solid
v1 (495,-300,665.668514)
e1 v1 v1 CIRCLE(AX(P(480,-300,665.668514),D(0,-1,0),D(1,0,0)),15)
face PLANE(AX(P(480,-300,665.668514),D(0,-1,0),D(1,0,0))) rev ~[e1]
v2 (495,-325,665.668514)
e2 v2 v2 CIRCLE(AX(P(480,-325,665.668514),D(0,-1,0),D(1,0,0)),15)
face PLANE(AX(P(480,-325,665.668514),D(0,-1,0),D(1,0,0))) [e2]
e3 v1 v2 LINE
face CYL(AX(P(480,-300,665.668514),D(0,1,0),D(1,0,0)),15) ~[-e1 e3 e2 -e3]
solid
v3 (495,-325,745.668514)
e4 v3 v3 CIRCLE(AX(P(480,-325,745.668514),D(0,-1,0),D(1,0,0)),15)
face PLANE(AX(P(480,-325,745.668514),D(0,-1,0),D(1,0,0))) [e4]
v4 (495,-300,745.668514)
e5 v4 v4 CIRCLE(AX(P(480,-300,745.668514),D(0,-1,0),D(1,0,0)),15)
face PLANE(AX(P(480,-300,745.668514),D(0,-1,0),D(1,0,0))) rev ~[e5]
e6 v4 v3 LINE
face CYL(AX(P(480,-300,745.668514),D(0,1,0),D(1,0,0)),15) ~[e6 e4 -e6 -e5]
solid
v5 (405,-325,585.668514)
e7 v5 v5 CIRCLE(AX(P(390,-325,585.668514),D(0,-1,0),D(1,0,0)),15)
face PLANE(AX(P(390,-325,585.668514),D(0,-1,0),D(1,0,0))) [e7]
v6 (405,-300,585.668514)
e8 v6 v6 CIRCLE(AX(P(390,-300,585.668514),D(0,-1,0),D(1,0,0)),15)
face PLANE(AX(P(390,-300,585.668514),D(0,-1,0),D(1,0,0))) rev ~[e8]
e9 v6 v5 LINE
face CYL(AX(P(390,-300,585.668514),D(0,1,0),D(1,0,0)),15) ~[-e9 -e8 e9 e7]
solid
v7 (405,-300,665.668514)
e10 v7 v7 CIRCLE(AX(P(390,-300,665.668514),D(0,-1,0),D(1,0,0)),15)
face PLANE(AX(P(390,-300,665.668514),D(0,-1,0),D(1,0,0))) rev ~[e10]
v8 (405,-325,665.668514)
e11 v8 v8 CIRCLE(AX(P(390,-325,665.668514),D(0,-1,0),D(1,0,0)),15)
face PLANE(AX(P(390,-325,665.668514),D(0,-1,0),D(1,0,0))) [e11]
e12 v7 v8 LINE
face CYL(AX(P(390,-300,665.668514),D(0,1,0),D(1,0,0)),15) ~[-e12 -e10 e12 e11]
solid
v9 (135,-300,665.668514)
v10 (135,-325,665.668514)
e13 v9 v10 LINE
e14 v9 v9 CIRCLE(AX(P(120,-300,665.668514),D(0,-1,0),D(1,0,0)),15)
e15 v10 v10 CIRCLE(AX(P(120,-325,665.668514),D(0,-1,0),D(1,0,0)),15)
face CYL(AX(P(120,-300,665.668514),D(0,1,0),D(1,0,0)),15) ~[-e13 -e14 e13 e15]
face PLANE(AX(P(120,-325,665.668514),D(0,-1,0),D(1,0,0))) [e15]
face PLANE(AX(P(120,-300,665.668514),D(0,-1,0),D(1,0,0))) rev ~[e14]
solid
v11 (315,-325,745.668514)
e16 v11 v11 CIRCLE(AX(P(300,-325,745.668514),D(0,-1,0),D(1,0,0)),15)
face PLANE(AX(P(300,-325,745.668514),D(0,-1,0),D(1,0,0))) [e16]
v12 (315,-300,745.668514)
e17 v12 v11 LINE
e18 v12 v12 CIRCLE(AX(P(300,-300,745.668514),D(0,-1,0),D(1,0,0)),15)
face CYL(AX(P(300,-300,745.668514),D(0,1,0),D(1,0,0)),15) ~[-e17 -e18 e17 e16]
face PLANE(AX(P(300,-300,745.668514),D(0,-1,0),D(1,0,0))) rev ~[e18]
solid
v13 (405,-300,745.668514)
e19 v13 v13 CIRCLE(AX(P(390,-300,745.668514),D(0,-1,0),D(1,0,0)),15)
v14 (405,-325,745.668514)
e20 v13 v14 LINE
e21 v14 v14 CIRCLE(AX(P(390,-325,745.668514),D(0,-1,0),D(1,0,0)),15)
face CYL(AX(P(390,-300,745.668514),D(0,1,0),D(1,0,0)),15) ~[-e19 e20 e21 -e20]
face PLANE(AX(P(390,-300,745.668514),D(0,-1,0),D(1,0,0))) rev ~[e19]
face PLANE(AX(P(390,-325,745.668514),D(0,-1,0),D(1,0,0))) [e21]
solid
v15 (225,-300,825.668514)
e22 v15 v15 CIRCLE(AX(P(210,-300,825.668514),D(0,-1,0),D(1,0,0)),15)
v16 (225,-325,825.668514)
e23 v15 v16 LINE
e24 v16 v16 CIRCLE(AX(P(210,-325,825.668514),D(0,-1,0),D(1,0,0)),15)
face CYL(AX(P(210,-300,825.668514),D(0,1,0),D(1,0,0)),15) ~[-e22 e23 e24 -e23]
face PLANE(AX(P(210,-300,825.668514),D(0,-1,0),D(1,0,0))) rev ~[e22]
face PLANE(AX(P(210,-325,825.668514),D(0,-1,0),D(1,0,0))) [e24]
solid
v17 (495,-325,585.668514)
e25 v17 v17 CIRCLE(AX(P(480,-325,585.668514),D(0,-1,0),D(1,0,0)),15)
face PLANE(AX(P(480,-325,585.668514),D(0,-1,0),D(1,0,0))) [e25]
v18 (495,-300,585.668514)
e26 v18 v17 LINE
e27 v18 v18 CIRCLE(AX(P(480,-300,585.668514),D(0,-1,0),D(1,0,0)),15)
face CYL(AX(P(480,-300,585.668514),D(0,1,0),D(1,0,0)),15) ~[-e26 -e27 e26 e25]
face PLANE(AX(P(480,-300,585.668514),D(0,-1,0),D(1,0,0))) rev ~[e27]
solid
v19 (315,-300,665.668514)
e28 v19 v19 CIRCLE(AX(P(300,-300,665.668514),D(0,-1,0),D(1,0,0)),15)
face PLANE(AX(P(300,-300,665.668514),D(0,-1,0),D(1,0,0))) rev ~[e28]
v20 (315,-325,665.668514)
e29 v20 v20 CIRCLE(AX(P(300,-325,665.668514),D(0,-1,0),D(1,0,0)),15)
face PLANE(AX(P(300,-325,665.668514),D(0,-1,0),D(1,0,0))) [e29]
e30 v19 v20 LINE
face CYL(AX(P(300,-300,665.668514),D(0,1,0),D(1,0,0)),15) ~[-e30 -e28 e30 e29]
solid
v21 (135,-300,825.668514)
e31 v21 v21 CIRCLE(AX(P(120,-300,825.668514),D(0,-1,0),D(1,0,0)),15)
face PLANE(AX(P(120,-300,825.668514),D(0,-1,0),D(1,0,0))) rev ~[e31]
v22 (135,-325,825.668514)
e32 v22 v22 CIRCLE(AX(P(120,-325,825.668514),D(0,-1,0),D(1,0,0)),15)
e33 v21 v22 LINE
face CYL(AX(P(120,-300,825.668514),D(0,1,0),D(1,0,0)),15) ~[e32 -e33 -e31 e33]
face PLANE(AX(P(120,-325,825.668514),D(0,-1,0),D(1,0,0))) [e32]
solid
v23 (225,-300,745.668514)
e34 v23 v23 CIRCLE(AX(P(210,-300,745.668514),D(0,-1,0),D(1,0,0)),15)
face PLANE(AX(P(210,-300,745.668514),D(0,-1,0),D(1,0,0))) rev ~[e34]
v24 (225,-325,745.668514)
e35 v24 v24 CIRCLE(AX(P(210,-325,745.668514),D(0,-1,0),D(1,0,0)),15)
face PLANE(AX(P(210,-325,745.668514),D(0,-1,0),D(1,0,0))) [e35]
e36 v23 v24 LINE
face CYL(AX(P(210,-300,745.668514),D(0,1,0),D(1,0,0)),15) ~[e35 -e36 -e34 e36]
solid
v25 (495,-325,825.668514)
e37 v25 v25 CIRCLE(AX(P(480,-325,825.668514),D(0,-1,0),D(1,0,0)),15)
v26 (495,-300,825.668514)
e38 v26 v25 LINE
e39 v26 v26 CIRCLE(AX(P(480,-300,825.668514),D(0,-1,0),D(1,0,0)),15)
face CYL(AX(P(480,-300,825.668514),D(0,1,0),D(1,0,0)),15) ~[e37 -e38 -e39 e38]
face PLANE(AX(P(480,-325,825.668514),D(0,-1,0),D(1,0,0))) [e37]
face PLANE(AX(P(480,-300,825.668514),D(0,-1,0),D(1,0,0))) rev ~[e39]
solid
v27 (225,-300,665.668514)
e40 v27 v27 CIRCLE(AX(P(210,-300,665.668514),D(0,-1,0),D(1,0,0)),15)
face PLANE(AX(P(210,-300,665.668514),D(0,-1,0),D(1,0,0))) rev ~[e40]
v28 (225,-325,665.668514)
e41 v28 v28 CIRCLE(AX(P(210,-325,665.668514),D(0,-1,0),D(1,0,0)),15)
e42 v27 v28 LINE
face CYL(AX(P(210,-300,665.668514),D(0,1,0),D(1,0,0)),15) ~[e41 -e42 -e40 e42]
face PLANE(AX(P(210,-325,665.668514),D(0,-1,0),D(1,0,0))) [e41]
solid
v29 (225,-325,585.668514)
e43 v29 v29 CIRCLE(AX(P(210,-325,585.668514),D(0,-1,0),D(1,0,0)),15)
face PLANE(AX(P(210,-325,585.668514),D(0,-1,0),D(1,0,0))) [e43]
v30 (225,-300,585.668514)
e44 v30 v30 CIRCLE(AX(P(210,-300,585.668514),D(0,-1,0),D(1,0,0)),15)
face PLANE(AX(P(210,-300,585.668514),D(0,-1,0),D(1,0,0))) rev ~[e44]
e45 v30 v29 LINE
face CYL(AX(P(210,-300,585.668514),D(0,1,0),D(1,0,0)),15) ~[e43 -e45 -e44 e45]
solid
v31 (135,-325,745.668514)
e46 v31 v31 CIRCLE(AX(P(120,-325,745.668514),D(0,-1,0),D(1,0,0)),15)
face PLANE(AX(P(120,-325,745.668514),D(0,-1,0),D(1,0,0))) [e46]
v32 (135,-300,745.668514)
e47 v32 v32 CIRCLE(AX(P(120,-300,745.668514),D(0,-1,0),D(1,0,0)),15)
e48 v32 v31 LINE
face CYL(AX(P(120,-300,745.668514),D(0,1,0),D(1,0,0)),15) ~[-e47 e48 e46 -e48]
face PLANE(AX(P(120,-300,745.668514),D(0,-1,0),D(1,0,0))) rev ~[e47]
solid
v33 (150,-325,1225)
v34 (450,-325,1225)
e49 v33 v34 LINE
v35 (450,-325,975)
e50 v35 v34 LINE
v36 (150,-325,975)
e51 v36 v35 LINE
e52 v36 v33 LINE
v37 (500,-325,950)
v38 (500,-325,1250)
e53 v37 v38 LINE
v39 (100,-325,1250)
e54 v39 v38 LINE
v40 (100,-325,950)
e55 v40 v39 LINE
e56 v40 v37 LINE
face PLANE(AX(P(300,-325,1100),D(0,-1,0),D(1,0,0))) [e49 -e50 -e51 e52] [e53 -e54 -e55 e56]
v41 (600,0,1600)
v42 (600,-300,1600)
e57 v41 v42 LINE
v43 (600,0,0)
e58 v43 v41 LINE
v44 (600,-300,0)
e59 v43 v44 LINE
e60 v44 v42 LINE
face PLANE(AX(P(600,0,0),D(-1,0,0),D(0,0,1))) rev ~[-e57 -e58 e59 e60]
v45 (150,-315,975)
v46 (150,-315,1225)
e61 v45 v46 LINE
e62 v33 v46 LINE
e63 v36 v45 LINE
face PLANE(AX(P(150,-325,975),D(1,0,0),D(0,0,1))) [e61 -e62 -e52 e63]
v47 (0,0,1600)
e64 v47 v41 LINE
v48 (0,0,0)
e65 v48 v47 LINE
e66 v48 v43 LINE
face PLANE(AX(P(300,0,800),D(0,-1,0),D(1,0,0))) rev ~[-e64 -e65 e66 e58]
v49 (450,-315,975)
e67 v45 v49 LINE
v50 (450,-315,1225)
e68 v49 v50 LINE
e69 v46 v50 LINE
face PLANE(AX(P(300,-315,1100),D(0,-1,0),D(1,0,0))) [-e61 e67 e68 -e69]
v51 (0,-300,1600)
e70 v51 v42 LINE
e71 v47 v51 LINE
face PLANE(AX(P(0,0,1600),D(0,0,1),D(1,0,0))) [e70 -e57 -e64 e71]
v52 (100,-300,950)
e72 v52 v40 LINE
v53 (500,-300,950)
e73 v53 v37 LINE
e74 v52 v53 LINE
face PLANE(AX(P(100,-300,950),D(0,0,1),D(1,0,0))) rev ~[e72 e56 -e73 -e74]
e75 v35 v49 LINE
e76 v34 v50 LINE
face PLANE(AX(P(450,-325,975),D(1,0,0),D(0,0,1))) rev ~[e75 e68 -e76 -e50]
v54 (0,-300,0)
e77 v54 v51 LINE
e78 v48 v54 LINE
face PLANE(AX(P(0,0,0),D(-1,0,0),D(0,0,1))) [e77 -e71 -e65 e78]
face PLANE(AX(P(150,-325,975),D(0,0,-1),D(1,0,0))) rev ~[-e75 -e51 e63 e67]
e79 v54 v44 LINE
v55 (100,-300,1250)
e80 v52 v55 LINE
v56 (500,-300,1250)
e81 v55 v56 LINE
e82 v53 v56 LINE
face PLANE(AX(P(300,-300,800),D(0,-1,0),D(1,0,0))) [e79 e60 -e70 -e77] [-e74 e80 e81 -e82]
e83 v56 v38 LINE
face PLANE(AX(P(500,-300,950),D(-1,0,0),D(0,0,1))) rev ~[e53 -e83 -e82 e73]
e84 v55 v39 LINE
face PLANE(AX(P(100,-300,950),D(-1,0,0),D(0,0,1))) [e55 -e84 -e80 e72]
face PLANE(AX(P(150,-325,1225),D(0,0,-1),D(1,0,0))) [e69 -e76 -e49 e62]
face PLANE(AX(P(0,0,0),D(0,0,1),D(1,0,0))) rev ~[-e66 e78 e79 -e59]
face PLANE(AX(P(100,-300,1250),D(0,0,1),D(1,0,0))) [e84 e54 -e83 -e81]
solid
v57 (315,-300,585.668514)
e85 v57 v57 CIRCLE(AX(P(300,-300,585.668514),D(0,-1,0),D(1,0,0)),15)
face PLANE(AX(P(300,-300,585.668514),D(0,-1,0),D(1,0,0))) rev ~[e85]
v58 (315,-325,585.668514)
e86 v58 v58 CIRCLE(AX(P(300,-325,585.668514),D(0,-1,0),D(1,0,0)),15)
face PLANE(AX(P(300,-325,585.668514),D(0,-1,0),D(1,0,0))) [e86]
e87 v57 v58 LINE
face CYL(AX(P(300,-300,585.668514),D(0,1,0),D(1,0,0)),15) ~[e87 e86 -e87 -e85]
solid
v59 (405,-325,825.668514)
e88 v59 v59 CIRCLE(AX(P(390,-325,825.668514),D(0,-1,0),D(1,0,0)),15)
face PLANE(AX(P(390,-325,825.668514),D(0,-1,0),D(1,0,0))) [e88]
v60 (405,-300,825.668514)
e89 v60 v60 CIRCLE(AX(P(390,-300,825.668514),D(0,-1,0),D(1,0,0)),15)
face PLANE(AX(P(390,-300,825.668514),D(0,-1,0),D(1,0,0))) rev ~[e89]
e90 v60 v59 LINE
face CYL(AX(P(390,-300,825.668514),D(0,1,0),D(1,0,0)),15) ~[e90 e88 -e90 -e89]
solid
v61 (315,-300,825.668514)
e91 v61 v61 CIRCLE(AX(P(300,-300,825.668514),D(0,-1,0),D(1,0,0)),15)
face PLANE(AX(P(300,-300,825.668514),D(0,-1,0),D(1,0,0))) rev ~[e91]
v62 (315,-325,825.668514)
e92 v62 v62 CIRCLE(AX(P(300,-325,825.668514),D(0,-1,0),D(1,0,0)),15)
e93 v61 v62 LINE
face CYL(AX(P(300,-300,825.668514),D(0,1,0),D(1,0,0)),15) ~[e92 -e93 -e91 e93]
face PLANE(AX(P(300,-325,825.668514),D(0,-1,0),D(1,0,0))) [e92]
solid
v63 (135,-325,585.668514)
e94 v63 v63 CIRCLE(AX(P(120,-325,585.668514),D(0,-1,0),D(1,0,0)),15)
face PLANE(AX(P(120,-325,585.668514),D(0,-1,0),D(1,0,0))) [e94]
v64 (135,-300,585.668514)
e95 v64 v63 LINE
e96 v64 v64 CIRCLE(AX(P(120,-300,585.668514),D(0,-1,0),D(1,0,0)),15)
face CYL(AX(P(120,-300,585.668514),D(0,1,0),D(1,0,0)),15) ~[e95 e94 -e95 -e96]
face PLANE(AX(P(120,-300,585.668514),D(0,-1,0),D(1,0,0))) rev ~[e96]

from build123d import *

# Parameters (mm, degrees)
F0_W     = 600
F0_H     = 1600
F1_DEPTH = 300
F2_W     = 400
F2_H     = 300
F3_DEPTH = 25
F4_W     = 300
F4_H     = 250
F5_DEPTH = 10
F6_R     = 15
F7_DEPTH = 25


with BuildPart() as f1:
    # F0 (on Front) → F1 (new body)
    with BuildSketch(Plane.XZ):
        with Locations((300, 800)):
            Rectangle(F0_W, F0_H)
    extrude(amount=F1_DEPTH)

    # F2 (on face) → F3 (join)
    with BuildSketch(Plane.XZ.offset(300)):
        with Locations((300, 1100)):
            Rectangle(F2_W, F2_H)
    extrude(amount=F3_DEPTH)

    # F4 (on face) → F5 (cut)
    with BuildSketch(Plane.XZ.offset(325)):
        with Locations((300, 1100)):
            Rectangle(F4_W, F4_H)
    extrude(amount=-F5_DEPTH, mode=Mode.SUBTRACT)


with BuildPart() as f7:
    # F6 (on face) → F7 (new body)
    with BuildSketch(Plane.XZ.offset(300)):
        with Locations((120, 825.668514)):
            Circle(F6_R)
        with Locations((120, 745.668514)):
            Circle(F6_R)
        with Locations((120, 665.668514)):
            Circle(F6_R)
        with Locations((120, 585.668514)):
            Circle(F6_R)
        with Locations((210, 825.668514)):
            Circle(F6_R)
        with Locations((210, 745.668514)):
            Circle(F6_R)
        with Locations((210, 665.668514)):
            Circle(F6_R)
        with Locations((210, 585.668514)):
            Circle(F6_R)
        with Locations((300, 825.668514)):
            Circle(F6_R)
        with Locations((300, 745.668514)):
            Circle(F6_R)
        with Locations((300, 665.668514)):
            Circle(F6_R)
        with Locations((300, 585.668514)):
            Circle(F6_R)
        with Locations((390, 825.668514)):
            Circle(F6_R)
        with Locations((390, 745.668514)):
            Circle(F6_R)
        with Locations((390, 665.668514)):
            Circle(F6_R)
        with Locations((390, 585.668514)):
            Circle(F6_R)
        with Locations((480, 825.668514)):
            Circle(F6_R)
        with Locations((480, 745.668514)):
            Circle(F6_R)
        with Locations((480, 665.668514)):
            Circle(F6_R)
        with Locations((480, 585.668514)):
            Circle(F6_R)
    extrude(amount=F7_DEPTH)


solid = Compound([f1.part, f7.part])
